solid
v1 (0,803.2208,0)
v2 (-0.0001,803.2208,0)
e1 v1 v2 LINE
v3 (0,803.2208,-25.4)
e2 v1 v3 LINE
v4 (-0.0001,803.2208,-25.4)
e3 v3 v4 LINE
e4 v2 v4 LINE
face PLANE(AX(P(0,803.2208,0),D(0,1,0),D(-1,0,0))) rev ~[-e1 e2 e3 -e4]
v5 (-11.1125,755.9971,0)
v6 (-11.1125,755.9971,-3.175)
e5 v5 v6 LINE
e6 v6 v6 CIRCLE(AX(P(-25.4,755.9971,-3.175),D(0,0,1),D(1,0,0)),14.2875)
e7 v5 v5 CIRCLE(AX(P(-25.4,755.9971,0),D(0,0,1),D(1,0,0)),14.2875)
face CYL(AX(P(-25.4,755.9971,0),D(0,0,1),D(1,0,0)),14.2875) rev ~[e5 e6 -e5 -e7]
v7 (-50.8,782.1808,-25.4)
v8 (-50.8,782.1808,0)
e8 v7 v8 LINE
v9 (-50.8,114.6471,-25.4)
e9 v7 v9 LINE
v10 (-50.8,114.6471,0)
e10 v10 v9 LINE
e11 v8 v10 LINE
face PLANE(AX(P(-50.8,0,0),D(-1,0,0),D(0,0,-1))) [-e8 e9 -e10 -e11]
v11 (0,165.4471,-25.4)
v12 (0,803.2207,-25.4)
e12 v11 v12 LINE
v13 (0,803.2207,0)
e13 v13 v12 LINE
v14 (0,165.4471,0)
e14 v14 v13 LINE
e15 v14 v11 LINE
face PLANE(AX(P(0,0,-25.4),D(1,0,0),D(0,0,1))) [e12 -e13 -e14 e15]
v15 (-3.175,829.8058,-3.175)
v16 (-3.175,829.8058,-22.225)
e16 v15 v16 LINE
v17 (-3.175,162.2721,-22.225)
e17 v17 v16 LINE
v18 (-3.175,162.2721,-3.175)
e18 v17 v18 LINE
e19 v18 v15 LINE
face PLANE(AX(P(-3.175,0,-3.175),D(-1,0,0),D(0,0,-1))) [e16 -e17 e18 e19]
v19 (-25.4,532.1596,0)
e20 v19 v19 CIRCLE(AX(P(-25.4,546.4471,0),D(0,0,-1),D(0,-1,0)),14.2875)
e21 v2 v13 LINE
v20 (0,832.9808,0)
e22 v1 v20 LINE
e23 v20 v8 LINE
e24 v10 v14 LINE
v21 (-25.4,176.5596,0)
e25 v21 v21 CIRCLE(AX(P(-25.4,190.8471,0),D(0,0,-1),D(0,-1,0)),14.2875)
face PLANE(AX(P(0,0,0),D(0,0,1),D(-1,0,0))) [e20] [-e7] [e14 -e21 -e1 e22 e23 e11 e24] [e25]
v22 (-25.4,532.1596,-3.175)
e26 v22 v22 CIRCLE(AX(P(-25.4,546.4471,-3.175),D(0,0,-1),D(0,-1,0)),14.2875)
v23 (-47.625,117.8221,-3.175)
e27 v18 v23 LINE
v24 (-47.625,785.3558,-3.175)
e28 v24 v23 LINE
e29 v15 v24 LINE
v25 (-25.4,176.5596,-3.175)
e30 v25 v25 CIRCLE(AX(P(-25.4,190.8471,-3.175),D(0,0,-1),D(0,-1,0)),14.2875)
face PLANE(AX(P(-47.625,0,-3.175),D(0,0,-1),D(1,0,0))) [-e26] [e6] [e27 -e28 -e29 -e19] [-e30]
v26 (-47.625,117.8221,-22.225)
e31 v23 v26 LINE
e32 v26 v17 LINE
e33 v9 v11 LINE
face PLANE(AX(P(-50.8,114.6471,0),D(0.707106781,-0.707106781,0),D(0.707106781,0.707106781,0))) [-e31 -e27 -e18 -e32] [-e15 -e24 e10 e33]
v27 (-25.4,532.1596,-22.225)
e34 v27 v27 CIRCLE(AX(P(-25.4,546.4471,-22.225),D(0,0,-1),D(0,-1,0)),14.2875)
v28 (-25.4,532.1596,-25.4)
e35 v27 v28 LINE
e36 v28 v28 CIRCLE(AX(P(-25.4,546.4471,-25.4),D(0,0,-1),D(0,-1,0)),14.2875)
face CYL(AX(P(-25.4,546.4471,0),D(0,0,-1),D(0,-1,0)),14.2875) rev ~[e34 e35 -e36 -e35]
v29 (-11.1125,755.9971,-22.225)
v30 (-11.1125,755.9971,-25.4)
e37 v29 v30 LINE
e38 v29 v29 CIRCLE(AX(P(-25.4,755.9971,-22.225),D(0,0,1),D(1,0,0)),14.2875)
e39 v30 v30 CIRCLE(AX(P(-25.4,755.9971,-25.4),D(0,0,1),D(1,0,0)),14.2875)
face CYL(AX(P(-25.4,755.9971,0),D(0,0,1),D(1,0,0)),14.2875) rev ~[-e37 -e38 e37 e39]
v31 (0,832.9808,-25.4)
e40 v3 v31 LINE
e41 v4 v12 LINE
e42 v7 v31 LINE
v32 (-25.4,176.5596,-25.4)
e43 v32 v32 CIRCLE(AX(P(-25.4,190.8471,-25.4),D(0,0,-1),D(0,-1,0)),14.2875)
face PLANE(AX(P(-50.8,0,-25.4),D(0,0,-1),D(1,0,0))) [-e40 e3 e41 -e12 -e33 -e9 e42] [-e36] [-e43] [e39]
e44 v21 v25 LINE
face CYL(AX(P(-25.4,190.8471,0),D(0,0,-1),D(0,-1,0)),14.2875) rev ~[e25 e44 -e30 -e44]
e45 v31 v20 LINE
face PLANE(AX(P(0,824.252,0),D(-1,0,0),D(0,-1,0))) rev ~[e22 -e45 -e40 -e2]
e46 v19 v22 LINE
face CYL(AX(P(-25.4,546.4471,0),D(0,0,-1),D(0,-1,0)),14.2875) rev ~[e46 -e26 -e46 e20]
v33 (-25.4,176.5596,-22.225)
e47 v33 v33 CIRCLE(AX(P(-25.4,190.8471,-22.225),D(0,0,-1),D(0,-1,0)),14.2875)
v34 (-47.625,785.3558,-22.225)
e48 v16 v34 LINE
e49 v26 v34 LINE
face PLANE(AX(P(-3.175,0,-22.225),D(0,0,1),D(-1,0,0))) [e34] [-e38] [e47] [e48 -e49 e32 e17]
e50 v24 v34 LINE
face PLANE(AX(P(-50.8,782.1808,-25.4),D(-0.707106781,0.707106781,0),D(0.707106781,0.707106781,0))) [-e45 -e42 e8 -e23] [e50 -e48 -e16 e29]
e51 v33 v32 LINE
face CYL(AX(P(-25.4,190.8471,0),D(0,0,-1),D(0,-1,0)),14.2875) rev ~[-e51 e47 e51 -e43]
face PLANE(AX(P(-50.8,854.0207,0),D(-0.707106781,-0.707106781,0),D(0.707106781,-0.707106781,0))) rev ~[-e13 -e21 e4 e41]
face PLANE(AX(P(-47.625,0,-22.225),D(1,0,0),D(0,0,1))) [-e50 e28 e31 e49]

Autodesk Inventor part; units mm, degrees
ref_plane "YZ Plane" through (0, 0, 0) normal (1, 0, 0) x (0, 1, 0)
ref_plane "XZ Plane" through (0, 0, 0) normal (0, 1, 0) x (-1, 0, 0)
ref_plane "XY Plane" through (0, 0, 0) normal (0, 0, 1) x (1, 0, 0)
sketch "Sketch1" plane through (0, 0, 0) normal (0, 1, 0) x (-1, 0, 0)
  line L0 (0, 0) -> (50.8, 0)
  line L1 (50.8, 0) -> (50.8, -25.4)
  line L2 (50.8, -25.4) -> (0, -25.4)
  line L3 (0, -25.4) -> (0, 0)
  line L4 (47.625, -22.225) -> (47.625, -3.175)
  line L5 (47.625, -3.175) -> (3.175, -3.175)
  line L6 (3.175, -3.175) -> (3.175, -22.225)
  line L7 (3.175, -22.225) -> (47.625, -22.225)
  dimension "d0" = 50.8
  dimension "d1" = 25.4
  dimension "d2" = 3.175
extrude "Extrusion1" add sketch "Sketch1" along normal blind 886.206
sketch "Sketch2" plane through (-50.8, 0, 0) normal (0, 0, 1) x (1, 0, 0)
  line L0 (50.8, 0) -> (0, 0) projected
  line L1 (50.8, 0) -> (50.8, 886.206) projected
  line L2 (0, 886.206) -> (50.8, 886.206) projected
  line L3 (0, 0) -> (0, 886.206) projected
  line L4 (0, 0) -> (50.8, 0) projected
  line L5 (50.8, 0) -> (0, 56.4191)
  line L6 (0, 56.4191) -> (50.8, 56.4191)
  line L7 (50.8, 56.4191) -> (50.8, 0)
  line L8 (50.8, 0) -> (0, 0)
  line L9 (0, 0) -> (0, 56.4191)
  line L10 (0, 56.4191) -> (50.8, 0)
  line L11 (0, 56.4191) -> (21.859, 0)
  line L12 (47.625, 0) -> (3.175, 0) projected
  dimension "d5" = 48
extrude "Extrusion2" cut sketch "Sketch2" against normal blind 914.4 contours L0 L11 L5 | L11 L0 L3
sketch "Sketch3" plane through (-50.8, 886.206, 0) normal (0, 0, 1) x (1, 0, 0)
  line L0 (0, -829.7869) -> (50.8, -886.206) projected
  line L1 (50.8, -886.206) -> (50.8, 0) projected
  line L2 (0, 0) -> (50.8, 0) projected
  line L3 (0, -829.7869) -> (0, 0) projected
  line L4 (0, -829.7869) -> (50.8, -886.206) projected
  line L5 (0, -829.7869) -> (50.8, -778.9869)
  line L6 (50.8, -886.206) -> (50.8, 0) projected
  line L7 (0, -829.7869) -> (0, 0) projected
  line L8 (50.8, -886.206) -> (0, -886.206)
  line L9 (0, -886.206) -> (0, -923.3654)
  line L10 (0, -923.3654) -> (50.8, -923.3654)
  line L11 (50.8, -923.3654) -> (50.8, -886.206)
  dimension "d8" = 93
extrude "Extrusion3" cut sketch "Sketch3" against normal blind 25.4 contours L5 L1 L0
sketch "Sketch4" plane through (-50.8, 886.206, 0) normal (0, 0, 1) x (1, 0, 0)
  line L0 (0, -829.7869) -> (50.8, -778.9869) projected
  line L1 (50.8, -778.9869) -> (50.8, 0) projected
  line L2 (0, 0) -> (50.8, 0) projected
  line L3 (0, -829.7869) -> (0, 0) projected
  line L4 (0, 0) -> (50.8, 0) projected
  line L5 (0, 0) -> (50.8, 0)
  line L6 (50.8, 0) -> (50.8, -221.7928)
  line L7 (50.8, -221.7928) -> (0, -221.7928)
  line L8 (0, -221.7928) -> (0, 0)
  line L9 (0, -829.7869) -> (0, 0) projected
  line L10 (0, 0) -> (50.8, -50.8)
  line L11 (50.8, 0) -> (0, 0)
  line L12 (0, 0) -> (0, -56.4191)
  line L13 (0, -56.4191) -> (50.8, -56.4191)
  line L14 (50.8, -56.4191) -> (50.8, 0)
  point P0 (50.8, -886.206)
  dimension "d11" = 221.7928
  dimension "d12" = 45
  dimension "d13" = 56.4191
extrude "Extrusion4" cut sketch "Sketch4" against normal blind 25.4 contours L2 L1 L10
sketch "Sketch8" plane through (-50.8, 56.4191, 0) normal (0, 0, 1) x (1, 0, 0)
  line L0 (50.8, 778.9869) -> (0, 829.7869) projected
  line L1 (0, 0) -> (0, 829.7869) projected
  line L2 (0, 0) -> (50.8, 50.8) projected
  line L3 (50.8, 50.8) -> (50.8, 778.9869) projected
  line L4 (0, 797.6016) -> (50.8, 746.8016)
  point P0 (50.8, -56.4191)
  dimension "d24" = 22.7584
extrude "Extrusion8" cut sketch "Sketch8" against normal blind 25.4 contours L3 L4 L1 L0
sketch "Sketch9" plane through (-50.8, 56.4191, 0) normal (0, 0, 1) x (1, 0, 0)
  line L0 (50.8, 746.8016) -> (0, 797.6016) projected
  line L1 (0, 0) -> (0, 797.6016) projected
  line L2 (0, 0) -> (50.8, 50.8) projected
  line L3 (50.8, 50.8) -> (50.8, 746.8016) projected
  line L4 (0, 0) -> (0, 797.6016) projected
  line L5 (0, 58.228) -> (50.8, 109.028)
  line L6 (50.8, 50.8) -> (50.8, 746.8016) projected
  line L7 (0, 0) -> (50.8, 50.8) projected
  point P0 (50.8, -56.4191)
  dimension "d27" = 41.1734
extrude "Extrusion9" cut sketch "Sketch9" against normal blind 25.4 contours L3 L2 L1 L5
sketch "Sketch10" plane through (-50.8, 114.6471, 0) normal (0, 0, 1) x (1, 0, 0)
  line L0 (0, 0) -> (50.8, 50.8) projected
  line L1 (50.8, 50.8) -> (50.8, 688.5737) projected
  line L2 (50.8, 688.5737) -> (0, 739.3737) projected
  line L3 (0, 0) -> (0, 739.3737) projected
  point P0 (50.8, -114.6471)
  point P1 (25.4, 76.2)
hole "Hole1" at (-25.4, 190.8471, 0) direction (0, 0, -1) diameter 28.575 end through all
sketch "Sketch11" plane through (-50.8, 114.6471, 0) normal (0, 0, 1) x (1, 0, 0)
  circle A0 centre (25.4, 76.2) radius 14.2875 projected
  line L0 (0, 0) -> (50.8, 50.8) projected
  line L1 (50.8, 50.8) -> (50.8, 688.5737) projected
  line L2 (50.8, 688.5737) -> (0, 739.3737) projected
  line L3 (0, 0) -> (0, 739.3737) projected
  point P0 (50.8, -114.6471)
  point P1 (25.4, 431.8)
  dimension "d37" = 355.6
hole "Hole2" at (-25.4, 546.4471, 0) direction (0, 0, -1) diameter 28.575 end through all
sketch "Sketch12" plane through (-50.8, 114.6471, 0) normal (0, 0, 1) x (1, 0, 0)
  circle A0 centre (25.4, 431.8) radius 14.2875 projected
  circle A1 centre (25.4, 76.2) radius 14.2875 projected
  line L0 (50.8, 50.8) -> (0, 0) projected
  line L1 (0, 0) -> (0, 739.3737) projected
  line L2 (0, 739.3737) -> (50.8, 688.5737) projected
  line L3 (50.8, 50.8) -> (50.8, 688.5737) projected
  line L4 (50.8, 50.8) -> (50.8, 688.5737) projected
  line L5 (50.8, 688.5737) -> (29.7688, 688.5737)
  line L6 (29.7688, 688.5737) -> (29.7688, 709.6049)
  line L7 (29.7688, 709.6049) -> (50.8, 709.6049)
  line L8 (50.8, 709.6049) -> (50.8, 688.5737)
  line L9 (50.8, 709.6049) -> (0, 658.8049)
  line L10 (0, 0) -> (0, 739.3737) projected
  line L11 (0, 658.8049) -> (50.8, 658.8049)
  line L12 (50.8, 658.8049) -> (50.8, 739.3737)
  line L13 (50.8, 739.3737) -> (0, 739.3737)
  line L14 (0, 739.3737) -> (0, 658.8049)
  line L15 (0, 739.3737) -> (50.8, 688.5737)
  line L16 (50.8, 709.6049) -> (29.7688, 688.5737)
  line L17 (50.8, 688.5737) -> (50.8, 709.6049)
  line L18 (29.7688, 688.5737) -> (50.8, 688.5737)
  point P0 (50.8, -114.6471)
  dimension "d45" = 21.0312
  dimension "d46" = 21.0312
  dimension "d47" = 50.8
  dimension "d48" = 80.5688
  dimension "d49" = 50.8
extrude "Extrusion10" add sketch "Sketch12" against normal blind 25.4 contours L5 L9 L2 | L2 L9 L8
extrude "Extrusion11" cut sketch "Sketch12" against normal blind 25.4 contours L1 L2 L6 L9 | L13 L12 L7 L2
sketch "Sketch14" plane through (0, 165.4471, -25.4) normal (0, 0, -1) x (-1, 0, 0)
  circle A0 centre (25.4, 381) radius 14.2875 projected
  circle A1 centre (25.4, 25.4) radius 14.2875 projected
  line L0 (50.8, 608.0049) -> (21.0312, 637.7737) projected
  line L1 (21.0312, 637.7737) -> (21.0312, 658.8049) projected
  line L2 (21.0312, 658.8049) -> (10.5156, 648.2893) projected
  line L3 (10.5156, 648.2893) -> (0, 658.8049) projected
  line L4 (0, 0) -> (0, 658.8049) projected
  line L5 (0, 0) -> (50.8, -50.8) projected
  line L6 (50.8, -50.8) -> (50.8, 608.0049) projected
  line L7 (10.5156, 648.2893) -> (21.0312, 637.7737)
  line L8 (21.0312, 637.7737) -> (47.625, 611.1799) projected
  line L9 (21.0312, 637.7737) -> (21.0312, 658.8049) projected
  line L10 (21.0312, 658.8049) -> (21.0312, 637.7737)
  line L11 (10.5156, 648.2893) -> (21.0312, 658.8049)
  point P0 (0, -165.4471)
extrude "Extrusion12" cut sketch "Sketch14" against normal through all contours L7 L2 L1
sketch "Sketch15" plane through (0, 0, 0) normal (0, 1, 0) x (-1, 0, 0)
  line L0 (47.625, -22.225) -> (3.175, -22.225) projected
  line L1 (3.175, -3.175) -> (47.625, -3.175) projected
  line L2 (47.625, -3.175) -> (47.625, -22.225) projected
  line L3 (3.175, -22.225) -> (3.175, -3.175) projected
  point P0 (0, 0)
extrude "Extrusion13" cut sketch "Sketch15" along normal blind 2540
sketch "Sketch16" plane through (0, 165.4471, -25.4) normal (0, 0, -1) x (-1, 0, 0)
  line L0 (50.8, 608.0049) -> (0, 658.8049) projected
  line L1 (0, 0) -> (0, 658.8049) projected
  line L2 (0, 0) -> (50.8, -50.8) projected
  line L3 (50.8, -50.8) -> (50.8, 608.0049) projected
  circle A0 centre (25.4, 25.4) radius 14.2875 projected
  circle A1 centre (25.4, 381) radius 14.2875 projected
  line L4 (50.8, 608.0049) -> (-0.2406, 608.0049)
  line L5 (11.1125, 647.6924) -> (15.4769, 652.0568)
  line L6 (50.8, 616.7337) -> (-0.2406, 667.7743)
  line L7 (47.625, 611.1799) -> (3.175, 655.6299) projected
  line L8 (0, 658.8049) -> (0, 667.5337)
  line L9 (0, 658.8049) -> (50.8, 608.0049) projected
  line L10 (50.8, 608.0049) -> (50.8, 616.7337)
  line L11 (0, 658.8049) -> (50.8, 608.0049)
  point P0 (0, -165.4471)
  dimension "d58" = 6.1722
  dimension "d59" = 90
  dimension "d60" = 8.7288
extrude "Extrusion14" add sketch "Sketch16" against normal blind 25.4 contours L0 L5 L6 L10 | L0 L8 L6 L5
sketch "Sketch17" plane through (0, 0, 0) normal (0, 1, 0) x (-1, 0, 0)
  line L0 (47.625, -3.175) -> (3.175, -3.175) projected
  line L1 (47.625, -22.225) -> (47.625, -3.175) projected
  line L2 (47.625, -22.225) -> (3.175, -22.225) projected
  line L3 (3.175, -22.225) -> (3.175, -3.175) projected
  point P0 (0, 0)
extrude "Extrusion15" cut sketch "Sketch17" along normal blind 2540
sketch "Sketch18" plane through (-50.8, 114.6471, 0) normal (0, 0, 1) x (1, 0, 0)
  circle A0 centre (25.4, 431.8) radius 14.2875 projected
  circle A1 centre (25.4, 431.8) radius 14.2875
  circle A2 centre (25.4, 641.35) radius 14.2875
  point P0 (50.8, -114.6471)
  dimension "d65" = 28.575
  dimension "d66" = 209.55
extrude "Extrusion16" cut sketch "Sketch18" against normal blind 25.4 contours A2
properties part number "AngleBrace.ver2-1111-2020" material "Aluminum 6061"
